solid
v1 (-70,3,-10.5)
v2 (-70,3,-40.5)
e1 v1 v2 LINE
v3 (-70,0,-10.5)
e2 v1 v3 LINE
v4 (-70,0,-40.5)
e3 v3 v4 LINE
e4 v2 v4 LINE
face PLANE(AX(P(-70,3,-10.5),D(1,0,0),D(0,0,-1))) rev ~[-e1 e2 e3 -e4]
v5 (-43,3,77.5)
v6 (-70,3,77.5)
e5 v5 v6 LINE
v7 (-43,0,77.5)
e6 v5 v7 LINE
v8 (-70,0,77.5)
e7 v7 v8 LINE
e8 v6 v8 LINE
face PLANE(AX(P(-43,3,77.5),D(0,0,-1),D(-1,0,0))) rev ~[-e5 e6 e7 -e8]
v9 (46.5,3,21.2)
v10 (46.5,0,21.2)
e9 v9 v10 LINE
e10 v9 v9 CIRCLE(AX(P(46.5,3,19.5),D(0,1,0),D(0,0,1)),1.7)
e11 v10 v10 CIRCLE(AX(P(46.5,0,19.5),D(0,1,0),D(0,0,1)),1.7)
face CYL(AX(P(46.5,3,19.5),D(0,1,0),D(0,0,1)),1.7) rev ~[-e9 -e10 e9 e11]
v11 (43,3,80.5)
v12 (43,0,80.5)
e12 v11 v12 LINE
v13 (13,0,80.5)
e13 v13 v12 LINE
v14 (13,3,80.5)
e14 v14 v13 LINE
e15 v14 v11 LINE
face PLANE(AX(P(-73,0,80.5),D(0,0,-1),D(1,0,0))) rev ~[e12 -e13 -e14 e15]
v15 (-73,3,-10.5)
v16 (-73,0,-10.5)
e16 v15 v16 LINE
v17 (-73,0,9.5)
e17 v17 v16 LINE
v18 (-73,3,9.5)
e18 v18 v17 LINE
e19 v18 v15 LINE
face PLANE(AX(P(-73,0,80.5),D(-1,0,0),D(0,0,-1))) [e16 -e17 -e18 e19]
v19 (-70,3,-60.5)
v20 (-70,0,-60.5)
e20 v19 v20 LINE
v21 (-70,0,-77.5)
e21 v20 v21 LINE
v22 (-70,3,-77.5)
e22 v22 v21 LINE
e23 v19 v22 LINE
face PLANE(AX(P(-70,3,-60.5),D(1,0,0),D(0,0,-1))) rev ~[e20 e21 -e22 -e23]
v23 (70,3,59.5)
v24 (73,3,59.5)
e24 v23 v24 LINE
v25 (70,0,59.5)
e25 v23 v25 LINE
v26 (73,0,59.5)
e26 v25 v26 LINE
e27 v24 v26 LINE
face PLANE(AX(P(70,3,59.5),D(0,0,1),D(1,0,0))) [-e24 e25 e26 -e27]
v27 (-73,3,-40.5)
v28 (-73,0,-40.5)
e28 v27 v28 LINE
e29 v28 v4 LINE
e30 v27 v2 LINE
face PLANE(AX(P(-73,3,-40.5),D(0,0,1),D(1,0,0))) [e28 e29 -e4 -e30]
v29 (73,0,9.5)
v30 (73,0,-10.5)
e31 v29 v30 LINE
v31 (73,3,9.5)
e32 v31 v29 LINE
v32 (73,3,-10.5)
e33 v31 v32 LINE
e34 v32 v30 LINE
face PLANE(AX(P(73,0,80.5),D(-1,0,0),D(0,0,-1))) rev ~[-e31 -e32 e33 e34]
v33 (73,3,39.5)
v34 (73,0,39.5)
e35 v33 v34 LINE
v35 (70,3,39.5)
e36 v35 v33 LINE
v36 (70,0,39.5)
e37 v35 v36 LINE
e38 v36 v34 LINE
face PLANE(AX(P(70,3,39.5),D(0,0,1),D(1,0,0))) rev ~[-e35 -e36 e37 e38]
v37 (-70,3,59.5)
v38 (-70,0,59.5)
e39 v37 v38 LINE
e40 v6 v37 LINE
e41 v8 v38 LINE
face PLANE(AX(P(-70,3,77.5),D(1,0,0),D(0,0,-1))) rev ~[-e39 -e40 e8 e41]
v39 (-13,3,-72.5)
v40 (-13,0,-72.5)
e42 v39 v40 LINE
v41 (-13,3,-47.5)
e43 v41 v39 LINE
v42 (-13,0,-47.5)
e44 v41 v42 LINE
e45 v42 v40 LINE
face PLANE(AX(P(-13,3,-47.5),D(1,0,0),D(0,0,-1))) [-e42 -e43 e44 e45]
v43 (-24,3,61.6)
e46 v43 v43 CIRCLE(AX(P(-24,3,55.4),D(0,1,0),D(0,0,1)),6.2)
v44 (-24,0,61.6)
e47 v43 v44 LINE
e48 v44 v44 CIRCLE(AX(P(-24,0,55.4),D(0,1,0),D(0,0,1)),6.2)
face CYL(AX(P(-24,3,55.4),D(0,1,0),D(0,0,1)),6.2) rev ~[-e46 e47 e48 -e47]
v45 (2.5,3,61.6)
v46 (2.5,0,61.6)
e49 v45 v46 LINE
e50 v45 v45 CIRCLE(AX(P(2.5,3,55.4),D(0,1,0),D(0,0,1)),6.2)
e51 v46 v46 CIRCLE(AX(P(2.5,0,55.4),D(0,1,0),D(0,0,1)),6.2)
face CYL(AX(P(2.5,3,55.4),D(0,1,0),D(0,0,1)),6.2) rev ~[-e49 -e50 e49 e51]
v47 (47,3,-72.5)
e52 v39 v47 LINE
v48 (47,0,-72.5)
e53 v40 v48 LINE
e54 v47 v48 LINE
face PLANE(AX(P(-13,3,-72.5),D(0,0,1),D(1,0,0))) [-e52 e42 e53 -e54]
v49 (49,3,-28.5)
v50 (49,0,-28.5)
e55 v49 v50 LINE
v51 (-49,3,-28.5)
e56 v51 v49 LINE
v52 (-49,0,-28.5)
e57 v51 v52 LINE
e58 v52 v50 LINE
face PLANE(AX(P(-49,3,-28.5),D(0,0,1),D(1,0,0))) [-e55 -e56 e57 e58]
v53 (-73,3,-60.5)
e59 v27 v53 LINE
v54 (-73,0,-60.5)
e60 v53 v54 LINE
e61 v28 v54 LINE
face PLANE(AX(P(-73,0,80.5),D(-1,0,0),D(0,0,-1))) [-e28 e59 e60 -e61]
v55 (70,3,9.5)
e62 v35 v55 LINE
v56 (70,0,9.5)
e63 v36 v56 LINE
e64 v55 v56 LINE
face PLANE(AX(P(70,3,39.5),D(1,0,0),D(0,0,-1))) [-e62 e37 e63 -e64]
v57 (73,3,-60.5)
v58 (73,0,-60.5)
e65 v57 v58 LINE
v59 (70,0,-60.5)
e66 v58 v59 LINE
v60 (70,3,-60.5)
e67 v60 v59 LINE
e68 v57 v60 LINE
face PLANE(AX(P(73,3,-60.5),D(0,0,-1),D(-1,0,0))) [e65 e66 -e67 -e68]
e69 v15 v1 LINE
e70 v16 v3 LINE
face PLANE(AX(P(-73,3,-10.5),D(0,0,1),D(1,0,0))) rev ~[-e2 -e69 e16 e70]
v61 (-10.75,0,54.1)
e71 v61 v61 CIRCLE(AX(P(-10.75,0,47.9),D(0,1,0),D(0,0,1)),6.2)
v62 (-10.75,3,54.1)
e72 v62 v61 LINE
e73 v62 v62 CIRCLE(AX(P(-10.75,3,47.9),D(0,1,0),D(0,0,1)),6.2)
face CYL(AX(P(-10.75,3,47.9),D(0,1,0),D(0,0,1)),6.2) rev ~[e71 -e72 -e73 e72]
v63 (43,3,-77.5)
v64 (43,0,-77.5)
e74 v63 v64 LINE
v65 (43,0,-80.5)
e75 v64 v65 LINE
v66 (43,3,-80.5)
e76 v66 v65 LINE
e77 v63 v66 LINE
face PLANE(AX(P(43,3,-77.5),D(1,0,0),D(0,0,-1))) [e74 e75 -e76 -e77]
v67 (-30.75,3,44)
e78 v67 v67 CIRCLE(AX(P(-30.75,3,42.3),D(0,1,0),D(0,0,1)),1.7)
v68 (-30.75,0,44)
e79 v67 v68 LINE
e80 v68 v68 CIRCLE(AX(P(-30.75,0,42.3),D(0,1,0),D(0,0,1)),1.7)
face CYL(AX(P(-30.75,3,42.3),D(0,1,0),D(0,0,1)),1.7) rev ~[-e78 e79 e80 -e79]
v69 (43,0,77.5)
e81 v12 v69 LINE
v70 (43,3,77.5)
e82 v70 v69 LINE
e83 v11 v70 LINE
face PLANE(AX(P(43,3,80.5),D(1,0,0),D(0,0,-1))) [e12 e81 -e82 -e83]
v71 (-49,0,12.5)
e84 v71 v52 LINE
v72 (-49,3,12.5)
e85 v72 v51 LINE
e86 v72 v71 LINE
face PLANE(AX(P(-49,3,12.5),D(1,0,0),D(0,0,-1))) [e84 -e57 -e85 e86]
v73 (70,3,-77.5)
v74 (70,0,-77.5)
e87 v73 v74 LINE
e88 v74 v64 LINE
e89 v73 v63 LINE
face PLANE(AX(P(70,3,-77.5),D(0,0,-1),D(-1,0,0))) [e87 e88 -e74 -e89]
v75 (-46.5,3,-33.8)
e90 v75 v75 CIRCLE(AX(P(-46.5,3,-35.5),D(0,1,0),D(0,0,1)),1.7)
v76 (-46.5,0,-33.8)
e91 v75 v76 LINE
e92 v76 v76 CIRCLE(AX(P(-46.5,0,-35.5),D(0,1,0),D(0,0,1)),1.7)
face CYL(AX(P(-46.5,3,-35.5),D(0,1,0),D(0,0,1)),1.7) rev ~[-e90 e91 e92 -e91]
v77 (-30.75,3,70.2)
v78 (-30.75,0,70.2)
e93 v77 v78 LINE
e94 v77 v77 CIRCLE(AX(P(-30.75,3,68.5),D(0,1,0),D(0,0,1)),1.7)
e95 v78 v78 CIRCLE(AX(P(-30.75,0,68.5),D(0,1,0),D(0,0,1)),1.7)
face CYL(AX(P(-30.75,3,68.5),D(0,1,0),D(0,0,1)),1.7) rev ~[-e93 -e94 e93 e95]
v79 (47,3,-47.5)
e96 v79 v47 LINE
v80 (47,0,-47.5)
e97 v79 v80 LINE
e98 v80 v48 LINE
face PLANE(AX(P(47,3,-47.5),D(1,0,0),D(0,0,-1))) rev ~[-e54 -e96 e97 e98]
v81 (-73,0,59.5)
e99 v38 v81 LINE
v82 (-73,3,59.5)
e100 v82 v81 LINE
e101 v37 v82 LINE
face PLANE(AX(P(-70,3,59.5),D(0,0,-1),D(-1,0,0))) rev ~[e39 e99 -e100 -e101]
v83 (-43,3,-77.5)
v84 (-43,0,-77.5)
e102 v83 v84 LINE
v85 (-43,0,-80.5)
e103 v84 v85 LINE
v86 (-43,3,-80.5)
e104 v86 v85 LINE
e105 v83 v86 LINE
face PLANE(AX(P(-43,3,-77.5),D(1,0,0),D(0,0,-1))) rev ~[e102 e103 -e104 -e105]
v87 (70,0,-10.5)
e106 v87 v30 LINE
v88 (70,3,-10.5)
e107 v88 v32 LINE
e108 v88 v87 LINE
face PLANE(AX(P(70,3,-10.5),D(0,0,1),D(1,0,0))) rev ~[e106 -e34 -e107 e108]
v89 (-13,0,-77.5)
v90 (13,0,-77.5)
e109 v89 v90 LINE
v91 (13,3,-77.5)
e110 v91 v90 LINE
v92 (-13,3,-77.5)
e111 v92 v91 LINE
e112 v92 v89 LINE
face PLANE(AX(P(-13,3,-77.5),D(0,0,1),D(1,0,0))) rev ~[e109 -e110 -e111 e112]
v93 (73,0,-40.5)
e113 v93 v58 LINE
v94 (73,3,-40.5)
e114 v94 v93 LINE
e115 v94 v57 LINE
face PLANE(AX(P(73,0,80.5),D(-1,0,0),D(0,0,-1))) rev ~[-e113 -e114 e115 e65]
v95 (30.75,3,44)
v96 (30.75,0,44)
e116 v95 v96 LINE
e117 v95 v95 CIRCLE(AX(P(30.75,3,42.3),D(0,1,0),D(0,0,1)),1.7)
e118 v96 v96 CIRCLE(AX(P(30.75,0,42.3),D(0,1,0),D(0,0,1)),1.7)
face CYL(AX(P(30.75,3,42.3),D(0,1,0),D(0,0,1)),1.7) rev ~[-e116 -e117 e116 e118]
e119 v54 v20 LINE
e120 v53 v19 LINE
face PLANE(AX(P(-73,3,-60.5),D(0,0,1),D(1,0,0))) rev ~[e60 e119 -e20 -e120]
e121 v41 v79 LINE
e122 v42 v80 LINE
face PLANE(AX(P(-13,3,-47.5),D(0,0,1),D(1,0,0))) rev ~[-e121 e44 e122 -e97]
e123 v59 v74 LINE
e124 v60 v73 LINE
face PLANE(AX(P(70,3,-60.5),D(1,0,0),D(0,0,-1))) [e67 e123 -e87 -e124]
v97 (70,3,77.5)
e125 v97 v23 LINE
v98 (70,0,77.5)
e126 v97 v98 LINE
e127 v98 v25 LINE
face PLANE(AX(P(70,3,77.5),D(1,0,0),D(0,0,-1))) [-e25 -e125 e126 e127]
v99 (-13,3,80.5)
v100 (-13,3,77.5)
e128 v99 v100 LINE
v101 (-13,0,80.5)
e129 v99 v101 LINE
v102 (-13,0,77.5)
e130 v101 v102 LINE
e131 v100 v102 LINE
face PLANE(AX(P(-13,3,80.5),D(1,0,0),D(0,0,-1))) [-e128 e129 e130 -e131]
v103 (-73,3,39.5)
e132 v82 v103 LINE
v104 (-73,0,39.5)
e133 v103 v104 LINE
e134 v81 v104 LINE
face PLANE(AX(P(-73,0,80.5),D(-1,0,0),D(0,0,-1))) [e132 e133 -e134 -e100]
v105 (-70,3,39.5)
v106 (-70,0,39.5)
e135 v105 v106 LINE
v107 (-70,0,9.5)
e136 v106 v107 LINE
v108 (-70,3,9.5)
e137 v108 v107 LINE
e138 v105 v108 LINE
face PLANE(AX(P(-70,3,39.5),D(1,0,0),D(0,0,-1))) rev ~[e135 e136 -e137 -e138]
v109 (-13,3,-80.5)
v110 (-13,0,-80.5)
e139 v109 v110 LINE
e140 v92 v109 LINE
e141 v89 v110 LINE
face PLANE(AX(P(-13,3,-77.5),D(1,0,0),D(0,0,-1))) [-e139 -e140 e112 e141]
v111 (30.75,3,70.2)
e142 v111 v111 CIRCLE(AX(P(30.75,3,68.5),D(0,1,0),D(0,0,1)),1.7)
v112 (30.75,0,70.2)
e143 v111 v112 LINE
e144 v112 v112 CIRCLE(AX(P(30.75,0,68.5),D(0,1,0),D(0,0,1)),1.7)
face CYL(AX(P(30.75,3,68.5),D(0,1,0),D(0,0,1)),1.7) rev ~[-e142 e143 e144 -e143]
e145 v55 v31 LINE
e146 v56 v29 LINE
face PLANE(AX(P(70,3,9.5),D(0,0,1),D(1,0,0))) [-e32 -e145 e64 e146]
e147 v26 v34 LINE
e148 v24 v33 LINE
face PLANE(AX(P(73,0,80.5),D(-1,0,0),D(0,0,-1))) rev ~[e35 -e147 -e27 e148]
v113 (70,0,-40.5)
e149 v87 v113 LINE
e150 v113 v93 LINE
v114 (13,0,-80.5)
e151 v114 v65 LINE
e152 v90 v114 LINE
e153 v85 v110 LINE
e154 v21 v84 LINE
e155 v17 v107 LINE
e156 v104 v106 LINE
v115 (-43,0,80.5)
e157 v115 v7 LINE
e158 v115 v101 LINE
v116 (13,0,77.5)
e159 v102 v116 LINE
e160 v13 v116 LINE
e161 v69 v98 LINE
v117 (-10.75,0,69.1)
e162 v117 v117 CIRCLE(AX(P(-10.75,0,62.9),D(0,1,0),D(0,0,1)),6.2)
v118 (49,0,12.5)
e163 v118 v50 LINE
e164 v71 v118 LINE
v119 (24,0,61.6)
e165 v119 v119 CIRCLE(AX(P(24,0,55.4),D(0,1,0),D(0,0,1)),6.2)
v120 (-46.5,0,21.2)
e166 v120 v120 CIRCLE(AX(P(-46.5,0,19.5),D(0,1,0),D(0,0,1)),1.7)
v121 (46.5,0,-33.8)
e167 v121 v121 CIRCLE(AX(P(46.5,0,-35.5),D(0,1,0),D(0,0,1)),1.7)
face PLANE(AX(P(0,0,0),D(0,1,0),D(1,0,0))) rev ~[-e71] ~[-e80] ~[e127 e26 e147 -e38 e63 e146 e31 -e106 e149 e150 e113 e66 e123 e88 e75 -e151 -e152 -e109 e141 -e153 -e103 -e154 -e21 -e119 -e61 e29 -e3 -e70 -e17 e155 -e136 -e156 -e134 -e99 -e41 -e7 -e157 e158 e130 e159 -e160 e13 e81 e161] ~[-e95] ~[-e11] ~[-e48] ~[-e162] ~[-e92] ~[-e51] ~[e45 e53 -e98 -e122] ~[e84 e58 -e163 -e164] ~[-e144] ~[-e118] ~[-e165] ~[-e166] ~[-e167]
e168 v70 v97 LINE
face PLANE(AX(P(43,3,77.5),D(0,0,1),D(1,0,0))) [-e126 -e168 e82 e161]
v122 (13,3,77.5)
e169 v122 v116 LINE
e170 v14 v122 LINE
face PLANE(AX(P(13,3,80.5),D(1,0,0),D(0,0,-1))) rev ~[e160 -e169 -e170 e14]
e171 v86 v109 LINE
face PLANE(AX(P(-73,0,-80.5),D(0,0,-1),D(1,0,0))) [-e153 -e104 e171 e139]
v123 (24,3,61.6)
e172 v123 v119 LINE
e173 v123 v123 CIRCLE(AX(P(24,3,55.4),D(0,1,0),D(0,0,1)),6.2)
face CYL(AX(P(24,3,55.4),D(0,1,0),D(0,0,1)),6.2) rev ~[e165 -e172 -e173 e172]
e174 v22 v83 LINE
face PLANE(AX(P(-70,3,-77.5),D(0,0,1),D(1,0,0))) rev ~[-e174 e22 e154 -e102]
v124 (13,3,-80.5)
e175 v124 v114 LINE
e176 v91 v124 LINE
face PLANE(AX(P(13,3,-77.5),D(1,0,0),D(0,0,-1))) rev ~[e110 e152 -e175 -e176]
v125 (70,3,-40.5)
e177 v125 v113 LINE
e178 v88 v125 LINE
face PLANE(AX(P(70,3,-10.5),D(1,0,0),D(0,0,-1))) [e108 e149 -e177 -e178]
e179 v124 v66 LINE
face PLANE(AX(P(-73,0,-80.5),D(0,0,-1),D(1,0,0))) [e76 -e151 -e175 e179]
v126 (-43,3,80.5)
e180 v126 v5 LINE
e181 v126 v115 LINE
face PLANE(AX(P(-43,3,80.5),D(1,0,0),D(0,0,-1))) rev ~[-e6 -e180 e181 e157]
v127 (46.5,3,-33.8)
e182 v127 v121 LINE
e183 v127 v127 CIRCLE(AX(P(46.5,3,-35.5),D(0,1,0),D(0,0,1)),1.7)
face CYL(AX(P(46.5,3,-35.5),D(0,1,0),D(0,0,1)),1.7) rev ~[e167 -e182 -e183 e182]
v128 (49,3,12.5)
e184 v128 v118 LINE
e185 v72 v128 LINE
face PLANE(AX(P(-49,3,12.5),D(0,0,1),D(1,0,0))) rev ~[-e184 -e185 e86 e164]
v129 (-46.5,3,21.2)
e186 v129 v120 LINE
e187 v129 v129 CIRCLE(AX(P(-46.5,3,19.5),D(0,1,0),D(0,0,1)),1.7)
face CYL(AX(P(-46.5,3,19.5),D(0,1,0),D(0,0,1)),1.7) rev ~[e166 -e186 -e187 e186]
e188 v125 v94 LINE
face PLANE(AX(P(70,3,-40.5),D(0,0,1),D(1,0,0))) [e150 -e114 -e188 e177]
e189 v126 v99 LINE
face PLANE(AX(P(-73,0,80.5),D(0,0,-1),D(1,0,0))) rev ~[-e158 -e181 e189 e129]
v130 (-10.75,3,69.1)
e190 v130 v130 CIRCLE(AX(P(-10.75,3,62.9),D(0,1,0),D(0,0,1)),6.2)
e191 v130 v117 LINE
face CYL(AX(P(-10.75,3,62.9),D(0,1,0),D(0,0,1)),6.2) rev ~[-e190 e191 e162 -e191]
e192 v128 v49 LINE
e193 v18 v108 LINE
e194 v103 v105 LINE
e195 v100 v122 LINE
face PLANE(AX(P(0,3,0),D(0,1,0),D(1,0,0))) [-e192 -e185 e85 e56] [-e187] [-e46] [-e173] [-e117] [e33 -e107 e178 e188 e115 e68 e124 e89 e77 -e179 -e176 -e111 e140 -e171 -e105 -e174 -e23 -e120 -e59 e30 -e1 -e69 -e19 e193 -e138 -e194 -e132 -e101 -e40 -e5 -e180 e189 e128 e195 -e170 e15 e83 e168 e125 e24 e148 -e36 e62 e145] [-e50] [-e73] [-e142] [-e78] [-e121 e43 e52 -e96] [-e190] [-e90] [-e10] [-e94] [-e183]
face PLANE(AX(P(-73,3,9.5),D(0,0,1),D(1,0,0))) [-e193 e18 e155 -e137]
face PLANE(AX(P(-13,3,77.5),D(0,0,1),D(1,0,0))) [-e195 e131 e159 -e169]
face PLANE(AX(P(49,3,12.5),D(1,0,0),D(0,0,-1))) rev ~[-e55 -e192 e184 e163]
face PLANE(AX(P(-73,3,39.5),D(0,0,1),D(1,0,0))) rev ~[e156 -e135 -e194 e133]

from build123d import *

# Parameters (mm, degrees)
SKETCH1_W           = 146
SKETCH1_H           = 161
BOSS_EXTRUDE1_DEPTH = 3
SKETCH2_W           = 26
SKETCH2_H           = 3
SKETCH2_W_2         = 3
SKETCH2_H_2         = 30
SKETCH2_W_3         = 60
SKETCH2_H_3         = 25
CUT_EXTRUDE1_DEPTH  = 3
SKETCH4_R           = 1.7
SKETCH4_R_2         = 6.2
SKETCH4_W           = 98
SKETCH4_H           = 41
CUT_EXTRUDE2_DEPTH  = 3


with BuildPart() as part:
    # Sketch1 → Boss-Extrude1 (new body)
    with BuildSketch(Plane(origin=(0, 0, 0), x_dir=(1, 0, 0), z_dir=(0, 1, 0))):
        Rectangle(SKETCH1_W, SKETCH1_H)
    extrude(amount=BOSS_EXTRUDE1_DEPTH)

    # Sketch2 → Cut-Extrude1 (cut)
    with BuildSketch(Plane(origin=(0, 3, 0), x_dir=(1, 0, 0), z_dir=(0, 1, 0))):
        with Locations((0, 79)):
            Rectangle(SKETCH2_W, SKETCH2_H)
        with Locations((-71.5, 25.5)):
            Rectangle(SKETCH2_W_2, SKETCH2_H_2)
        Polygon((-73, 80.5), (-73, 60.5), (-70, 60.5), (-70, 77.5), (-43, 77.5), (-43, 80.5), align=None)
        Polygon((73, 80.5), (73, 60.5), (70, 60.5), (70, 77.5), (43, 77.5), (43, 80.5), align=None)
        with Locations((71.5, 25.5)):
            Rectangle(SKETCH2_W_2, SKETCH2_H_2)
        with Locations((-71.5, -24.5)):
            Rectangle(SKETCH2_W_2, SKETCH2_H_2)
        Polygon((-70, -59.5), (-73, -59.5), (-73, -80.5), (-43, -80.5), (-43, -77.5), (-70, -77.5), align=None)
        with Locations((71.5, -24.5)):
            Rectangle(SKETCH2_W_2, SKETCH2_H_2)
        Polygon((70, -59.5), (73, -59.5), (73, -80.5), (70, -80.5), (43, -80.5), (43, -77.5), (70, -77.5), align=None)
        with Locations((0, -79)):
            Rectangle(SKETCH2_W, SKETCH2_H)
        with Locations((17, 60)):
            Rectangle(SKETCH2_W_3, SKETCH2_H_3)
    extrude(amount=-CUT_EXTRUDE1_DEPTH, mode=Mode.SUBTRACT)

    # Sketch4 → Cut-Extrude2 (cut)
    with BuildSketch(Plane(origin=(0, 3, 0), x_dir=(1, 0, 0), z_dir=(0, 1, 0))):
        with Locations(Location((-46.5, 35.5, 0), (0, 0, 270))):
            Circle(SKETCH4_R)
        with Locations(Location((46.5, 35.5, 0), (0, 0, 270))):
            Circle(SKETCH4_R)
        with Locations(Location((46.5, -19.5, 0), (0, 0, 270))):
            Circle(SKETCH4_R)
        with Locations(Location((-46.5, -19.5, 0), (0, 0, 270))):
            Circle(SKETCH4_R)
        with Locations(Location((-30.75, -42.3, 0), (0, 0, 270))):
            Circle(SKETCH4_R)
        with Locations(Location((-30.75, -68.5, 0), (0, 0, 270))):
            Circle(SKETCH4_R)
        with Locations(Location((30.75, -42.3, 0), (0, 0, 270))):
            Circle(SKETCH4_R)
        with Locations(Location((30.75, -68.5, 0), (0, 0, 270))):
            Circle(SKETCH4_R)
        with Locations(Location((-10.75, -47.9, 0), (0, 0, 270))):
            Circle(SKETCH4_R_2)
        with Locations(Location((-24, -55.4, 0), (0, 0, 270))):
            Circle(SKETCH4_R_2)
        with Locations(Location((-10.75, -62.9, 0), (0, 0, 270))):
            Circle(SKETCH4_R_2)
        with Locations(Location((2.5, -55.4, 0), (0, 0, 270))):
            Circle(SKETCH4_R_2)
        with Locations(Location((24, -55.4, 0), (0, 0, 270))):
            Circle(SKETCH4_R_2)
        with Locations((0, 8)):
            Rectangle(SKETCH4_W, SKETCH4_H)
    extrude(amount=-CUT_EXTRUDE2_DEPTH, mode=Mode.SUBTRACT)


solid = part.part
